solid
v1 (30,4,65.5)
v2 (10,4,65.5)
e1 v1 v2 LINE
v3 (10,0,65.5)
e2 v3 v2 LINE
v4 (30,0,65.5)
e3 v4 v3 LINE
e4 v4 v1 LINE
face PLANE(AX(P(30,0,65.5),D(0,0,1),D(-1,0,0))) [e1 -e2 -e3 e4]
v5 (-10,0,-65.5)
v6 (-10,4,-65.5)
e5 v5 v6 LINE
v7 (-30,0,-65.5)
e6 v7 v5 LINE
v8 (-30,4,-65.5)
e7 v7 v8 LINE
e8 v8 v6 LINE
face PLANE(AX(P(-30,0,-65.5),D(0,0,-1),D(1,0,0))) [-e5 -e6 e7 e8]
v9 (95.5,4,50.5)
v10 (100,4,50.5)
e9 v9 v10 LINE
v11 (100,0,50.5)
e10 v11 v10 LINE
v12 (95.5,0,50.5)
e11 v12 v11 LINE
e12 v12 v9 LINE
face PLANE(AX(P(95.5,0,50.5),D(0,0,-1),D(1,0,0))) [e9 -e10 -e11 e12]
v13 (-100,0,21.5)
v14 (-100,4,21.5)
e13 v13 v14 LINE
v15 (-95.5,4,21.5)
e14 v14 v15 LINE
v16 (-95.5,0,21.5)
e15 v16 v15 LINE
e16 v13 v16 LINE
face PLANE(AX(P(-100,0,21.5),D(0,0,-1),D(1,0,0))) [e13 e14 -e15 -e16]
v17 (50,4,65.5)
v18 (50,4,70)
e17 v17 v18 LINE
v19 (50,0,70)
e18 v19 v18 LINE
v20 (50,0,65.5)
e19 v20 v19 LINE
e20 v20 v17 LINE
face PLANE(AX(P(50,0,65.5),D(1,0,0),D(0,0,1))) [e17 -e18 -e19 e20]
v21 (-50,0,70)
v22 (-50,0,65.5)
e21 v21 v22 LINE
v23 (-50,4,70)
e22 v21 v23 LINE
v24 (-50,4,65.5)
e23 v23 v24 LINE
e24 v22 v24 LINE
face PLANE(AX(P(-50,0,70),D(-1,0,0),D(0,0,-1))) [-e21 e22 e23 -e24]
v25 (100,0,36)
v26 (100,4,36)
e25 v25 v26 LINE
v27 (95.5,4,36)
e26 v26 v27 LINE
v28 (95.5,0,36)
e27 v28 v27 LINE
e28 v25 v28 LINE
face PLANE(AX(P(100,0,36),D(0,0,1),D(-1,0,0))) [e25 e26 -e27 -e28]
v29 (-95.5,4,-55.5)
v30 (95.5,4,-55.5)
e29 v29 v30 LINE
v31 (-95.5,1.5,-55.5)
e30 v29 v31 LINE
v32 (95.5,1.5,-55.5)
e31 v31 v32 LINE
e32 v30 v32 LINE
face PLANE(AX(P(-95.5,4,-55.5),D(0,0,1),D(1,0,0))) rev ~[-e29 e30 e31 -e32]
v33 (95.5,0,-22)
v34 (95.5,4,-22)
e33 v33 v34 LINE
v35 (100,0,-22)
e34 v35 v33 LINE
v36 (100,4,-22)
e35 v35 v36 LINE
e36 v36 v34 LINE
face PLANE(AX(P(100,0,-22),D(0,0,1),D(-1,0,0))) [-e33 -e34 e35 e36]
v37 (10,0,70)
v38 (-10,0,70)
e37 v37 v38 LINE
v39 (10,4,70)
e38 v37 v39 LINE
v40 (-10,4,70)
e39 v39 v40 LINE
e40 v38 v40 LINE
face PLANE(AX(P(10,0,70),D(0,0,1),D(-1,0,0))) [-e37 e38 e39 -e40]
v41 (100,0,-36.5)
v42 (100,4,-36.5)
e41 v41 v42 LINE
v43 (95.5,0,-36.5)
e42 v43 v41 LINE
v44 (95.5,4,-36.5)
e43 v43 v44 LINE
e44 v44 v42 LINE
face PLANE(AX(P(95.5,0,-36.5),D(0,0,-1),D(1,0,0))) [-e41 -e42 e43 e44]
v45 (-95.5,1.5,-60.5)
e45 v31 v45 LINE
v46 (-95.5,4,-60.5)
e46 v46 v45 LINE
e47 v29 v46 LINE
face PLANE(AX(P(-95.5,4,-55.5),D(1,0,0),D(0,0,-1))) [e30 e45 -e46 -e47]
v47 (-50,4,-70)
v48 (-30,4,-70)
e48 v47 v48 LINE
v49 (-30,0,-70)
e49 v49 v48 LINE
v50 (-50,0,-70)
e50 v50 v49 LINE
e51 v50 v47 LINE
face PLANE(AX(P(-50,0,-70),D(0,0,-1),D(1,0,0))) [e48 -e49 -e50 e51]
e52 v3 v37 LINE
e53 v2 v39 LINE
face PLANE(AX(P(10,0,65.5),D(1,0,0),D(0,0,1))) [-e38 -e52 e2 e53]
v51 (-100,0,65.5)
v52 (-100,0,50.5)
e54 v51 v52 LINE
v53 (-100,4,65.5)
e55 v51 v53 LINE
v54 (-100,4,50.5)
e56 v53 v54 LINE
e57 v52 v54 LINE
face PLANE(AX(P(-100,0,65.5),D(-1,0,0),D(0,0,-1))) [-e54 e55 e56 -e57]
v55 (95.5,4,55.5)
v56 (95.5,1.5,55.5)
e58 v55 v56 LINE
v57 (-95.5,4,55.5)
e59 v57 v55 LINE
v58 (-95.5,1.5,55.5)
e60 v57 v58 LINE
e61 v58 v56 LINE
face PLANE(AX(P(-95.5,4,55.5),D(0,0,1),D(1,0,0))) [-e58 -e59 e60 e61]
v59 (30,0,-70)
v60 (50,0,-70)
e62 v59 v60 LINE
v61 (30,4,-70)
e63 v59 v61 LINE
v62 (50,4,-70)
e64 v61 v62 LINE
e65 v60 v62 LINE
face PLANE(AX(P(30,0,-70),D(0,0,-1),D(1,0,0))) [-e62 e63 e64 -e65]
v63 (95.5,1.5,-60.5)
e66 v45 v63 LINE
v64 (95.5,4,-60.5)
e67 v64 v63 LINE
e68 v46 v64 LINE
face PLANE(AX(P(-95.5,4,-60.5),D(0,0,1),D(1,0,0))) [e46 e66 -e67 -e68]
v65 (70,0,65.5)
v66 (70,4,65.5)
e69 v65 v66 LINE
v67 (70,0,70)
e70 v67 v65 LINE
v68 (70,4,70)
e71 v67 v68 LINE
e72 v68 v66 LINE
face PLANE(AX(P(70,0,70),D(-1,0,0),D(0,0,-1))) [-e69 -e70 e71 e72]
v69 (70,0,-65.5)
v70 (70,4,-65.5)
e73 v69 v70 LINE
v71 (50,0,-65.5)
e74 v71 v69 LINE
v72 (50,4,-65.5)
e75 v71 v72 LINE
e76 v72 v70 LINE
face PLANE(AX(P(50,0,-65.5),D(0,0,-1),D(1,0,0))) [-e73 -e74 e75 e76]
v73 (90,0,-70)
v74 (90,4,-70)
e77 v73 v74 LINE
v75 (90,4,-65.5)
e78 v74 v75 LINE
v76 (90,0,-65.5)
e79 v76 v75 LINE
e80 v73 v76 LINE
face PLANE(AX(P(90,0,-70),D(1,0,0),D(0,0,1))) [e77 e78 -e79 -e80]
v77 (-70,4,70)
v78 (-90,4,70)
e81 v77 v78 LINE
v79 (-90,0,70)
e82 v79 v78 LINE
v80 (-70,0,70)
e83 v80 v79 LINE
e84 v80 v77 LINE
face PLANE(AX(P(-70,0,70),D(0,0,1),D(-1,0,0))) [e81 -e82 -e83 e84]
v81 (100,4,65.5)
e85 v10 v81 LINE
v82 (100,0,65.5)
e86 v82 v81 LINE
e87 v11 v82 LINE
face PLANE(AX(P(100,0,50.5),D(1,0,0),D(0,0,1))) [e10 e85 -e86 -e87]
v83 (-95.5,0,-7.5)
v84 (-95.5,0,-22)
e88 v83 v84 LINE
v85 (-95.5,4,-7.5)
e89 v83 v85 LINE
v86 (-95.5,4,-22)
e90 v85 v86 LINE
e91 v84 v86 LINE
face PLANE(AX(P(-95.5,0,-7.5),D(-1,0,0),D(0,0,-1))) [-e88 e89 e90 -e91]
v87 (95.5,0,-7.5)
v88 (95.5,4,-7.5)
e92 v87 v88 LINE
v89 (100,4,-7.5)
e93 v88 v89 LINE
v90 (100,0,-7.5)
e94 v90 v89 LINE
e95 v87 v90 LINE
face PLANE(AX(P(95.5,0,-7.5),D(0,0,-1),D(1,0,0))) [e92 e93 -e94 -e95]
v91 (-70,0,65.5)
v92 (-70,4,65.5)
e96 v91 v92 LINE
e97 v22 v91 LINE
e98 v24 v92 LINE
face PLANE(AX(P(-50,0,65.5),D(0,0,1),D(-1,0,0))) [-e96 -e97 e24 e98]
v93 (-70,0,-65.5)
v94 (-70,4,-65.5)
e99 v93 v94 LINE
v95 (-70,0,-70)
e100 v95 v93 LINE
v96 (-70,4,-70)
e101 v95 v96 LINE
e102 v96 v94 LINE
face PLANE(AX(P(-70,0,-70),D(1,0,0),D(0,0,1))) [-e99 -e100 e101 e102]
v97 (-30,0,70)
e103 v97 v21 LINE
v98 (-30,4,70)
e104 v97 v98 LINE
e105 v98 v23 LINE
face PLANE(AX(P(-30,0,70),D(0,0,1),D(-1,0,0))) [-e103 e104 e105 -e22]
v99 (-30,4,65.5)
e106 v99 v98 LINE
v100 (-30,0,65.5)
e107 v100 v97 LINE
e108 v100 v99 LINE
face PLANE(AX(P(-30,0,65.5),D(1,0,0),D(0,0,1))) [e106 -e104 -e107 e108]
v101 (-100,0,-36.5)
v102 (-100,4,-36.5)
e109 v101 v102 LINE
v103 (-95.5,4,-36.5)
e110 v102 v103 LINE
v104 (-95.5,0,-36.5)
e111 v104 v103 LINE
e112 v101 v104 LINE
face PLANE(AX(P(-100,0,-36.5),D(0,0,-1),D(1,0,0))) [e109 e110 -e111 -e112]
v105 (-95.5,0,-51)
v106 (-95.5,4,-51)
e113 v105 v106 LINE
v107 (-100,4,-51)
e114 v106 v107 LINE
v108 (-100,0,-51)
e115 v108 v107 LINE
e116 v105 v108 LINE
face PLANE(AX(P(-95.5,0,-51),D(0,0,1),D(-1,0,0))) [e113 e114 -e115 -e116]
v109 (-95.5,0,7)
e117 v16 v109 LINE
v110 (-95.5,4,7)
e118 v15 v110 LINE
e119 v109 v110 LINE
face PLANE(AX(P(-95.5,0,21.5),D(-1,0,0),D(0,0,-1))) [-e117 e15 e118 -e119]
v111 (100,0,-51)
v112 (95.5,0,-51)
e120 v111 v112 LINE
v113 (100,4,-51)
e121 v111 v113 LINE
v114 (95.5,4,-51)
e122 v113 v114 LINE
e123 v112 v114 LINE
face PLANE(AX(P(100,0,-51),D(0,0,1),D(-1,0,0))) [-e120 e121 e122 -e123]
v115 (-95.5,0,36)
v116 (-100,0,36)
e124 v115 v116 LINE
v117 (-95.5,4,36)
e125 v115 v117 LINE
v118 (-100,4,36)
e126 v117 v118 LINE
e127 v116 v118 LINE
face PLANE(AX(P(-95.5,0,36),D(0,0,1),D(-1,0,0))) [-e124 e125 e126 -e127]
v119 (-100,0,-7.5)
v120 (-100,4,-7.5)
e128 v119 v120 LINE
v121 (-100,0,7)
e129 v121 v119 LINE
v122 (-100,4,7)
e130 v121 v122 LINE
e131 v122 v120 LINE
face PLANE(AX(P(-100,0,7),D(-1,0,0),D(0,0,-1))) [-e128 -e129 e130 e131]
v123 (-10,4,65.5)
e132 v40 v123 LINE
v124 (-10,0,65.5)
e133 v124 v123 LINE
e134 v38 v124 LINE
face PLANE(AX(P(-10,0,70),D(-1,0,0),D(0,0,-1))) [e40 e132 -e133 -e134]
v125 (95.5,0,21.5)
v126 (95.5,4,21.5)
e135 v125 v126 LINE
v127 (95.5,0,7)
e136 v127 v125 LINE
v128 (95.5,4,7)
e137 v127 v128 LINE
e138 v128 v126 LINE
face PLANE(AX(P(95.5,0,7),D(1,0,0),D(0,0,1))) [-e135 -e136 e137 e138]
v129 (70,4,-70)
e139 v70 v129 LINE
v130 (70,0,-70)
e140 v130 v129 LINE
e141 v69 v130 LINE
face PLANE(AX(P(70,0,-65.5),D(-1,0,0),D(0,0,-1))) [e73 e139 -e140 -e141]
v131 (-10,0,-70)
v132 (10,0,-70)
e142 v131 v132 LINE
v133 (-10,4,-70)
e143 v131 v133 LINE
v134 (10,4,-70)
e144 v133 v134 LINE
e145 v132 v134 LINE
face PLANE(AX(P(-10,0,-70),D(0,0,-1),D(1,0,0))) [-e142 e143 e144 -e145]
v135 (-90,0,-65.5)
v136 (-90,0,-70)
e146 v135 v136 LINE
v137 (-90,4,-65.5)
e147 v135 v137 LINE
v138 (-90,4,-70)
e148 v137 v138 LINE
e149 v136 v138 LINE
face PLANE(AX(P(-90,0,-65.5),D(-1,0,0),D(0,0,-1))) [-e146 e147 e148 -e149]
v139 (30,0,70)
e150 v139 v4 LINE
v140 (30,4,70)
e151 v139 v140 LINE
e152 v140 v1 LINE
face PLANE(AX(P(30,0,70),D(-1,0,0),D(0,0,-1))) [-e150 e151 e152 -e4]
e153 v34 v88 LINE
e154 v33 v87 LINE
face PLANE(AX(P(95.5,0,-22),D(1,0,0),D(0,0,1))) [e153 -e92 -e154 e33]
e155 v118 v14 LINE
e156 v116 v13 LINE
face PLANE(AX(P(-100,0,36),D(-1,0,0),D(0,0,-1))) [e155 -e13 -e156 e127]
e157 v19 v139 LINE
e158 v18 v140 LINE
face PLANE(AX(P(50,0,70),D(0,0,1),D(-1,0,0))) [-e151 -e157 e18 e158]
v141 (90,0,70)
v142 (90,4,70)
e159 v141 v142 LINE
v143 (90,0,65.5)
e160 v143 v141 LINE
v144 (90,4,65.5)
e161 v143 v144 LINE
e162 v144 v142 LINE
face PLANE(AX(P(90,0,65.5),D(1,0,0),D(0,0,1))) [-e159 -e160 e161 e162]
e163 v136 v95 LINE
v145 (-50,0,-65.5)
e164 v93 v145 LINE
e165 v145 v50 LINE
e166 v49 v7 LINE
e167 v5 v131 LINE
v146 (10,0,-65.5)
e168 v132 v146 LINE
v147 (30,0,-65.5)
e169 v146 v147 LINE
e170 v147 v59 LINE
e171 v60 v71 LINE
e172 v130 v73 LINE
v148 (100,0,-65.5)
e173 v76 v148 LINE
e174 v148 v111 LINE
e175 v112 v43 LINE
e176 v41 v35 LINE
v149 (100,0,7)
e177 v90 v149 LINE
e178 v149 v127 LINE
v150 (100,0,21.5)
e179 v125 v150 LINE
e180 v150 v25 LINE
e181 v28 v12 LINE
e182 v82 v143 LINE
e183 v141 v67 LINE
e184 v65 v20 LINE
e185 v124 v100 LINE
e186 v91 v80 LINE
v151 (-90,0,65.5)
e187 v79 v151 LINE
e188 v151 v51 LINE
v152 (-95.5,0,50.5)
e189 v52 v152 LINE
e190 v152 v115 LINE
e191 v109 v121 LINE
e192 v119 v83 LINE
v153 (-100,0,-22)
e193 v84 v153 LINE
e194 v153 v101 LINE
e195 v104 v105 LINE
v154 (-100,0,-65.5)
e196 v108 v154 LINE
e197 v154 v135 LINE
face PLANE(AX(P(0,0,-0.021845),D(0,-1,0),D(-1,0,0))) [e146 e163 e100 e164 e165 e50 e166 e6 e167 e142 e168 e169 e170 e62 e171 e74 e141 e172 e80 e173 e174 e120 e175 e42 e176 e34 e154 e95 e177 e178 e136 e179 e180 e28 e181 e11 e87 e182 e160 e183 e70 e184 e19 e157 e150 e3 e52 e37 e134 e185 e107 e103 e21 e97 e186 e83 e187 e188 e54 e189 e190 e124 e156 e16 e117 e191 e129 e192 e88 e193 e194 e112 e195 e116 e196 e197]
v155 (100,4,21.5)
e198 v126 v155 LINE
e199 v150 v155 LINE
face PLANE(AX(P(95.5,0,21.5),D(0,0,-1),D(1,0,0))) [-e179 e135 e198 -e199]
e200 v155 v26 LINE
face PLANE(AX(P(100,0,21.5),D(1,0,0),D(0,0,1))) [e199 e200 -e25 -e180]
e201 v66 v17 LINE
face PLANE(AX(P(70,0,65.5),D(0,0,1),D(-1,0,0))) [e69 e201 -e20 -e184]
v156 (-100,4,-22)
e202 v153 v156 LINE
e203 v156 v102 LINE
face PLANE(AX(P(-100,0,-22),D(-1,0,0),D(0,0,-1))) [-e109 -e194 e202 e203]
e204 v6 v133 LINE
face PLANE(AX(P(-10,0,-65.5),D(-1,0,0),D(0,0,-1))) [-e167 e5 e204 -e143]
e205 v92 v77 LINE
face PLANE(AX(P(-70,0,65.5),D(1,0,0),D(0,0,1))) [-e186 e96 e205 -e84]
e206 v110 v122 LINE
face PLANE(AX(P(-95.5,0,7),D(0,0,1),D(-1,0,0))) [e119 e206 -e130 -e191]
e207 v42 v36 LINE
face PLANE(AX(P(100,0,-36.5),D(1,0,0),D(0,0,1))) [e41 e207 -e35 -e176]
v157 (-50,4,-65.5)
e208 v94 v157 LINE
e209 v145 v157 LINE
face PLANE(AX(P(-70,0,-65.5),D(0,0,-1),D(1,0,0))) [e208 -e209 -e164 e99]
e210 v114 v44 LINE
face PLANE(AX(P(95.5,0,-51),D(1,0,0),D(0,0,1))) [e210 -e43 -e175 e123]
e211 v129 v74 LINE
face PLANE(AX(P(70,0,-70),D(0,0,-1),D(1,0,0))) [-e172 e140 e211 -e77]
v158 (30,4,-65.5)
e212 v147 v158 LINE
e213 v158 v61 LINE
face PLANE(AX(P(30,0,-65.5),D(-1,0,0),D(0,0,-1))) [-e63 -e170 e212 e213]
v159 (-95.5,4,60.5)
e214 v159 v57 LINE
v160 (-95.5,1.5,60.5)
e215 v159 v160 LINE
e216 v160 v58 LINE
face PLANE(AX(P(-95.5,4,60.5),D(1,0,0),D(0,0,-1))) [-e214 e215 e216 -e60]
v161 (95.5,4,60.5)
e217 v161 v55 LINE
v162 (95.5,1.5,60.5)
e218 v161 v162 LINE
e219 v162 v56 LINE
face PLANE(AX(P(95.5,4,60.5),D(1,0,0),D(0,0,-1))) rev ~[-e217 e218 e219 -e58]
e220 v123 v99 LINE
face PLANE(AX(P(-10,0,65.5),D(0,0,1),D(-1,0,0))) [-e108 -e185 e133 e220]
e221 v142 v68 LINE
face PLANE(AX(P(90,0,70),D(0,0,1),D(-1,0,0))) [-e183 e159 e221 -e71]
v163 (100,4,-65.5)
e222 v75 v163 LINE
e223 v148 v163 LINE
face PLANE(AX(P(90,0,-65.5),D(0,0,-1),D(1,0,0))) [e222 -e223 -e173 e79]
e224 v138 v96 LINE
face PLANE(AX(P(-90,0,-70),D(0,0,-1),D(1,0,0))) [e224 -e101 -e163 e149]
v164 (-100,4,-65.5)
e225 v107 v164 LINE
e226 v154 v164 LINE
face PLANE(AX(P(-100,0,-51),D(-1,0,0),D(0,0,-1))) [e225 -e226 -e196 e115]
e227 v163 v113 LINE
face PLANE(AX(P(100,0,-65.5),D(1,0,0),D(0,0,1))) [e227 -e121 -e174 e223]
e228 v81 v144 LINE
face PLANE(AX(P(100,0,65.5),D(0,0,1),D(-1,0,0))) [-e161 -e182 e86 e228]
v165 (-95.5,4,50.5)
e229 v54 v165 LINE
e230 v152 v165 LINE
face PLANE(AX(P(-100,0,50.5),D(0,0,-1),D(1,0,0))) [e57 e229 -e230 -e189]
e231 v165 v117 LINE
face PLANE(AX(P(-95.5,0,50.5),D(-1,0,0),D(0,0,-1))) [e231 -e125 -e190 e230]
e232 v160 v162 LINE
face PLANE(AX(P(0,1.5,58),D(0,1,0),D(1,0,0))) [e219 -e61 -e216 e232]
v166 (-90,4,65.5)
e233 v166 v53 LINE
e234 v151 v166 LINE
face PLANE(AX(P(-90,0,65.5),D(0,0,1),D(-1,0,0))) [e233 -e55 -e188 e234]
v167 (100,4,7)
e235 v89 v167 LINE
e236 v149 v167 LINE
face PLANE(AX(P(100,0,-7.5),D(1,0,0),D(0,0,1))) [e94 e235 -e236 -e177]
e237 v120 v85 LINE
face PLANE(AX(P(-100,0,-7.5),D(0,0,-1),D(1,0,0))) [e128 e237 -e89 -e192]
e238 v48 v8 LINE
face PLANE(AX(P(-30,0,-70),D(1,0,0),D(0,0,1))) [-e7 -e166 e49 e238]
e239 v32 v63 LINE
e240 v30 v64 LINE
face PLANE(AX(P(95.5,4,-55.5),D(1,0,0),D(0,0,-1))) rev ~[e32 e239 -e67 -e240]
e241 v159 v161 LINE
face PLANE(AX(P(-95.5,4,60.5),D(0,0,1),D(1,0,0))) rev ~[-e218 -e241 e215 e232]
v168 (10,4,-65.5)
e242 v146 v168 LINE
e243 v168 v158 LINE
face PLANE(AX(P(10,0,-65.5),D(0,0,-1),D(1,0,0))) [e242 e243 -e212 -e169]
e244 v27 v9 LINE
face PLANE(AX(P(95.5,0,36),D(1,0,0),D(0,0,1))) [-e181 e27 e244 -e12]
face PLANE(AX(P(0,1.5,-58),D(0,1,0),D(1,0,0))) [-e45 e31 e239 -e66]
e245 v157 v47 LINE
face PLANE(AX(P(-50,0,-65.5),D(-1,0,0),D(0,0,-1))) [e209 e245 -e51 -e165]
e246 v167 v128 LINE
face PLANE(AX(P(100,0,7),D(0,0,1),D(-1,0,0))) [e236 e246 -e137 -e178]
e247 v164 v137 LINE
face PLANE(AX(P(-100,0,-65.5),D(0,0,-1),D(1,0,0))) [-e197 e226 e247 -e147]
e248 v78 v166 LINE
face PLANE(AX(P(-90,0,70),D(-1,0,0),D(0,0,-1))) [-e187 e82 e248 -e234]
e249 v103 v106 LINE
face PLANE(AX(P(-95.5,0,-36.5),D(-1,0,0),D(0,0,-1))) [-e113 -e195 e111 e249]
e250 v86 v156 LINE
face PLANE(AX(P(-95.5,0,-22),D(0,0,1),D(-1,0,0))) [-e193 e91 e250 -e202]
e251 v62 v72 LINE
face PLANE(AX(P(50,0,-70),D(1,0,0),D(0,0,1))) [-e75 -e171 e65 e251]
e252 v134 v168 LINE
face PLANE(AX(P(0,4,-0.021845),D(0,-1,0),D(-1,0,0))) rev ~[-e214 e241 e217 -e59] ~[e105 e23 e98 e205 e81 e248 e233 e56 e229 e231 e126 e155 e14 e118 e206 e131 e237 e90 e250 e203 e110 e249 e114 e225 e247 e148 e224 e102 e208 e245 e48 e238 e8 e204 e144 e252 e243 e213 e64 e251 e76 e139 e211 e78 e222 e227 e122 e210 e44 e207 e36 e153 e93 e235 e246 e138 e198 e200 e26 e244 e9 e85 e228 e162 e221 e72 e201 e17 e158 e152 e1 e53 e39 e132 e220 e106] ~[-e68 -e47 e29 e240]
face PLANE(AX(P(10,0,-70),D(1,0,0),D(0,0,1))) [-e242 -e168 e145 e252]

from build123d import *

# Parameters (mm, degrees)
BOSS_EXTRUDE1_DEPTH = 4
SKETCH2_W           = 191
SKETCH2_H           = 5
CUT_EXTRUDE1_DEPTH  = 2.5


with BuildPart() as part:
    # Sketch1 → Boss-Extrude1 (new body)
    with BuildSketch(Plane(origin=(0, 0, 0), x_dir=(1, 0, 0), z_dir=(0, 1, 0))):
        Polygon((-70, 70), (-70, 65.5), (-50, 65.5), (-50, 70), (-30, 70), (-30, 65.5), (-10, 65.5), (-10, 70), (10, 70), (10, 65.5), (30, 65.5), (30, 70), (50, 70), (50, 65.5), (70, 65.5), (70, 70), (90, 70), (90, 65.5), (100, 65.5), (100, 51), (95.5, 51), (95.5, 36.5), (100, 36.5), (100, 22), (95.5, 22), (95.5, 7.5), (100, 7.5), (100, -7), (95.5, -7), (95.5, -21.5), (100, -21.5), (100, -36), (95.5, -36), (95.5, -50.5), (100, -50.5), (100, -65.5), (90, -65.5), (90, -70), (70, -70), (70, -65.5), (50, -65.5), (50, -70), (30, -70), (30, -65.5), (10, -65.5), (10, -70), (-10, -70), (-10, -65.5), (-30, -65.5), (-30, -70), (-50, -70), (-50, -65.5), (-70, -65.5), (-70, -70), (-90, -70), (-90, -65.5), (-100, -65.5), (-100, -50.5), (-95.5, -50.5), (-95.5, -36), (-100, -36), (-100, -21.5), (-95.5, -21.5), (-95.5, -7), (-100, -7), (-100, 7.5), (-95.5, 7.5), (-95.5, 22), (-100, 22), (-100, 36.5), (-95.5, 36.5), (-95.5, 51), (-100, 51), (-100, 65.5), (-90, 65.5), (-90, 70), align=None)
    extrude(amount=BOSS_EXTRUDE1_DEPTH)

    # Sketch2 → Cut-Extrude1 (cut)
    with BuildSketch(Plane(origin=(0, 4, 0), x_dir=(1, 0, 0), z_dir=(0, 1, 0))):
        with Locations((0, 58)):
            Rectangle(SKETCH2_W, SKETCH2_H)
        with Locations((0, -58)):
            Rectangle(SKETCH2_W, SKETCH2_H)
    extrude(amount=-CUT_EXTRUDE1_DEPTH, mode=Mode.SUBTRACT)


solid = part.part
